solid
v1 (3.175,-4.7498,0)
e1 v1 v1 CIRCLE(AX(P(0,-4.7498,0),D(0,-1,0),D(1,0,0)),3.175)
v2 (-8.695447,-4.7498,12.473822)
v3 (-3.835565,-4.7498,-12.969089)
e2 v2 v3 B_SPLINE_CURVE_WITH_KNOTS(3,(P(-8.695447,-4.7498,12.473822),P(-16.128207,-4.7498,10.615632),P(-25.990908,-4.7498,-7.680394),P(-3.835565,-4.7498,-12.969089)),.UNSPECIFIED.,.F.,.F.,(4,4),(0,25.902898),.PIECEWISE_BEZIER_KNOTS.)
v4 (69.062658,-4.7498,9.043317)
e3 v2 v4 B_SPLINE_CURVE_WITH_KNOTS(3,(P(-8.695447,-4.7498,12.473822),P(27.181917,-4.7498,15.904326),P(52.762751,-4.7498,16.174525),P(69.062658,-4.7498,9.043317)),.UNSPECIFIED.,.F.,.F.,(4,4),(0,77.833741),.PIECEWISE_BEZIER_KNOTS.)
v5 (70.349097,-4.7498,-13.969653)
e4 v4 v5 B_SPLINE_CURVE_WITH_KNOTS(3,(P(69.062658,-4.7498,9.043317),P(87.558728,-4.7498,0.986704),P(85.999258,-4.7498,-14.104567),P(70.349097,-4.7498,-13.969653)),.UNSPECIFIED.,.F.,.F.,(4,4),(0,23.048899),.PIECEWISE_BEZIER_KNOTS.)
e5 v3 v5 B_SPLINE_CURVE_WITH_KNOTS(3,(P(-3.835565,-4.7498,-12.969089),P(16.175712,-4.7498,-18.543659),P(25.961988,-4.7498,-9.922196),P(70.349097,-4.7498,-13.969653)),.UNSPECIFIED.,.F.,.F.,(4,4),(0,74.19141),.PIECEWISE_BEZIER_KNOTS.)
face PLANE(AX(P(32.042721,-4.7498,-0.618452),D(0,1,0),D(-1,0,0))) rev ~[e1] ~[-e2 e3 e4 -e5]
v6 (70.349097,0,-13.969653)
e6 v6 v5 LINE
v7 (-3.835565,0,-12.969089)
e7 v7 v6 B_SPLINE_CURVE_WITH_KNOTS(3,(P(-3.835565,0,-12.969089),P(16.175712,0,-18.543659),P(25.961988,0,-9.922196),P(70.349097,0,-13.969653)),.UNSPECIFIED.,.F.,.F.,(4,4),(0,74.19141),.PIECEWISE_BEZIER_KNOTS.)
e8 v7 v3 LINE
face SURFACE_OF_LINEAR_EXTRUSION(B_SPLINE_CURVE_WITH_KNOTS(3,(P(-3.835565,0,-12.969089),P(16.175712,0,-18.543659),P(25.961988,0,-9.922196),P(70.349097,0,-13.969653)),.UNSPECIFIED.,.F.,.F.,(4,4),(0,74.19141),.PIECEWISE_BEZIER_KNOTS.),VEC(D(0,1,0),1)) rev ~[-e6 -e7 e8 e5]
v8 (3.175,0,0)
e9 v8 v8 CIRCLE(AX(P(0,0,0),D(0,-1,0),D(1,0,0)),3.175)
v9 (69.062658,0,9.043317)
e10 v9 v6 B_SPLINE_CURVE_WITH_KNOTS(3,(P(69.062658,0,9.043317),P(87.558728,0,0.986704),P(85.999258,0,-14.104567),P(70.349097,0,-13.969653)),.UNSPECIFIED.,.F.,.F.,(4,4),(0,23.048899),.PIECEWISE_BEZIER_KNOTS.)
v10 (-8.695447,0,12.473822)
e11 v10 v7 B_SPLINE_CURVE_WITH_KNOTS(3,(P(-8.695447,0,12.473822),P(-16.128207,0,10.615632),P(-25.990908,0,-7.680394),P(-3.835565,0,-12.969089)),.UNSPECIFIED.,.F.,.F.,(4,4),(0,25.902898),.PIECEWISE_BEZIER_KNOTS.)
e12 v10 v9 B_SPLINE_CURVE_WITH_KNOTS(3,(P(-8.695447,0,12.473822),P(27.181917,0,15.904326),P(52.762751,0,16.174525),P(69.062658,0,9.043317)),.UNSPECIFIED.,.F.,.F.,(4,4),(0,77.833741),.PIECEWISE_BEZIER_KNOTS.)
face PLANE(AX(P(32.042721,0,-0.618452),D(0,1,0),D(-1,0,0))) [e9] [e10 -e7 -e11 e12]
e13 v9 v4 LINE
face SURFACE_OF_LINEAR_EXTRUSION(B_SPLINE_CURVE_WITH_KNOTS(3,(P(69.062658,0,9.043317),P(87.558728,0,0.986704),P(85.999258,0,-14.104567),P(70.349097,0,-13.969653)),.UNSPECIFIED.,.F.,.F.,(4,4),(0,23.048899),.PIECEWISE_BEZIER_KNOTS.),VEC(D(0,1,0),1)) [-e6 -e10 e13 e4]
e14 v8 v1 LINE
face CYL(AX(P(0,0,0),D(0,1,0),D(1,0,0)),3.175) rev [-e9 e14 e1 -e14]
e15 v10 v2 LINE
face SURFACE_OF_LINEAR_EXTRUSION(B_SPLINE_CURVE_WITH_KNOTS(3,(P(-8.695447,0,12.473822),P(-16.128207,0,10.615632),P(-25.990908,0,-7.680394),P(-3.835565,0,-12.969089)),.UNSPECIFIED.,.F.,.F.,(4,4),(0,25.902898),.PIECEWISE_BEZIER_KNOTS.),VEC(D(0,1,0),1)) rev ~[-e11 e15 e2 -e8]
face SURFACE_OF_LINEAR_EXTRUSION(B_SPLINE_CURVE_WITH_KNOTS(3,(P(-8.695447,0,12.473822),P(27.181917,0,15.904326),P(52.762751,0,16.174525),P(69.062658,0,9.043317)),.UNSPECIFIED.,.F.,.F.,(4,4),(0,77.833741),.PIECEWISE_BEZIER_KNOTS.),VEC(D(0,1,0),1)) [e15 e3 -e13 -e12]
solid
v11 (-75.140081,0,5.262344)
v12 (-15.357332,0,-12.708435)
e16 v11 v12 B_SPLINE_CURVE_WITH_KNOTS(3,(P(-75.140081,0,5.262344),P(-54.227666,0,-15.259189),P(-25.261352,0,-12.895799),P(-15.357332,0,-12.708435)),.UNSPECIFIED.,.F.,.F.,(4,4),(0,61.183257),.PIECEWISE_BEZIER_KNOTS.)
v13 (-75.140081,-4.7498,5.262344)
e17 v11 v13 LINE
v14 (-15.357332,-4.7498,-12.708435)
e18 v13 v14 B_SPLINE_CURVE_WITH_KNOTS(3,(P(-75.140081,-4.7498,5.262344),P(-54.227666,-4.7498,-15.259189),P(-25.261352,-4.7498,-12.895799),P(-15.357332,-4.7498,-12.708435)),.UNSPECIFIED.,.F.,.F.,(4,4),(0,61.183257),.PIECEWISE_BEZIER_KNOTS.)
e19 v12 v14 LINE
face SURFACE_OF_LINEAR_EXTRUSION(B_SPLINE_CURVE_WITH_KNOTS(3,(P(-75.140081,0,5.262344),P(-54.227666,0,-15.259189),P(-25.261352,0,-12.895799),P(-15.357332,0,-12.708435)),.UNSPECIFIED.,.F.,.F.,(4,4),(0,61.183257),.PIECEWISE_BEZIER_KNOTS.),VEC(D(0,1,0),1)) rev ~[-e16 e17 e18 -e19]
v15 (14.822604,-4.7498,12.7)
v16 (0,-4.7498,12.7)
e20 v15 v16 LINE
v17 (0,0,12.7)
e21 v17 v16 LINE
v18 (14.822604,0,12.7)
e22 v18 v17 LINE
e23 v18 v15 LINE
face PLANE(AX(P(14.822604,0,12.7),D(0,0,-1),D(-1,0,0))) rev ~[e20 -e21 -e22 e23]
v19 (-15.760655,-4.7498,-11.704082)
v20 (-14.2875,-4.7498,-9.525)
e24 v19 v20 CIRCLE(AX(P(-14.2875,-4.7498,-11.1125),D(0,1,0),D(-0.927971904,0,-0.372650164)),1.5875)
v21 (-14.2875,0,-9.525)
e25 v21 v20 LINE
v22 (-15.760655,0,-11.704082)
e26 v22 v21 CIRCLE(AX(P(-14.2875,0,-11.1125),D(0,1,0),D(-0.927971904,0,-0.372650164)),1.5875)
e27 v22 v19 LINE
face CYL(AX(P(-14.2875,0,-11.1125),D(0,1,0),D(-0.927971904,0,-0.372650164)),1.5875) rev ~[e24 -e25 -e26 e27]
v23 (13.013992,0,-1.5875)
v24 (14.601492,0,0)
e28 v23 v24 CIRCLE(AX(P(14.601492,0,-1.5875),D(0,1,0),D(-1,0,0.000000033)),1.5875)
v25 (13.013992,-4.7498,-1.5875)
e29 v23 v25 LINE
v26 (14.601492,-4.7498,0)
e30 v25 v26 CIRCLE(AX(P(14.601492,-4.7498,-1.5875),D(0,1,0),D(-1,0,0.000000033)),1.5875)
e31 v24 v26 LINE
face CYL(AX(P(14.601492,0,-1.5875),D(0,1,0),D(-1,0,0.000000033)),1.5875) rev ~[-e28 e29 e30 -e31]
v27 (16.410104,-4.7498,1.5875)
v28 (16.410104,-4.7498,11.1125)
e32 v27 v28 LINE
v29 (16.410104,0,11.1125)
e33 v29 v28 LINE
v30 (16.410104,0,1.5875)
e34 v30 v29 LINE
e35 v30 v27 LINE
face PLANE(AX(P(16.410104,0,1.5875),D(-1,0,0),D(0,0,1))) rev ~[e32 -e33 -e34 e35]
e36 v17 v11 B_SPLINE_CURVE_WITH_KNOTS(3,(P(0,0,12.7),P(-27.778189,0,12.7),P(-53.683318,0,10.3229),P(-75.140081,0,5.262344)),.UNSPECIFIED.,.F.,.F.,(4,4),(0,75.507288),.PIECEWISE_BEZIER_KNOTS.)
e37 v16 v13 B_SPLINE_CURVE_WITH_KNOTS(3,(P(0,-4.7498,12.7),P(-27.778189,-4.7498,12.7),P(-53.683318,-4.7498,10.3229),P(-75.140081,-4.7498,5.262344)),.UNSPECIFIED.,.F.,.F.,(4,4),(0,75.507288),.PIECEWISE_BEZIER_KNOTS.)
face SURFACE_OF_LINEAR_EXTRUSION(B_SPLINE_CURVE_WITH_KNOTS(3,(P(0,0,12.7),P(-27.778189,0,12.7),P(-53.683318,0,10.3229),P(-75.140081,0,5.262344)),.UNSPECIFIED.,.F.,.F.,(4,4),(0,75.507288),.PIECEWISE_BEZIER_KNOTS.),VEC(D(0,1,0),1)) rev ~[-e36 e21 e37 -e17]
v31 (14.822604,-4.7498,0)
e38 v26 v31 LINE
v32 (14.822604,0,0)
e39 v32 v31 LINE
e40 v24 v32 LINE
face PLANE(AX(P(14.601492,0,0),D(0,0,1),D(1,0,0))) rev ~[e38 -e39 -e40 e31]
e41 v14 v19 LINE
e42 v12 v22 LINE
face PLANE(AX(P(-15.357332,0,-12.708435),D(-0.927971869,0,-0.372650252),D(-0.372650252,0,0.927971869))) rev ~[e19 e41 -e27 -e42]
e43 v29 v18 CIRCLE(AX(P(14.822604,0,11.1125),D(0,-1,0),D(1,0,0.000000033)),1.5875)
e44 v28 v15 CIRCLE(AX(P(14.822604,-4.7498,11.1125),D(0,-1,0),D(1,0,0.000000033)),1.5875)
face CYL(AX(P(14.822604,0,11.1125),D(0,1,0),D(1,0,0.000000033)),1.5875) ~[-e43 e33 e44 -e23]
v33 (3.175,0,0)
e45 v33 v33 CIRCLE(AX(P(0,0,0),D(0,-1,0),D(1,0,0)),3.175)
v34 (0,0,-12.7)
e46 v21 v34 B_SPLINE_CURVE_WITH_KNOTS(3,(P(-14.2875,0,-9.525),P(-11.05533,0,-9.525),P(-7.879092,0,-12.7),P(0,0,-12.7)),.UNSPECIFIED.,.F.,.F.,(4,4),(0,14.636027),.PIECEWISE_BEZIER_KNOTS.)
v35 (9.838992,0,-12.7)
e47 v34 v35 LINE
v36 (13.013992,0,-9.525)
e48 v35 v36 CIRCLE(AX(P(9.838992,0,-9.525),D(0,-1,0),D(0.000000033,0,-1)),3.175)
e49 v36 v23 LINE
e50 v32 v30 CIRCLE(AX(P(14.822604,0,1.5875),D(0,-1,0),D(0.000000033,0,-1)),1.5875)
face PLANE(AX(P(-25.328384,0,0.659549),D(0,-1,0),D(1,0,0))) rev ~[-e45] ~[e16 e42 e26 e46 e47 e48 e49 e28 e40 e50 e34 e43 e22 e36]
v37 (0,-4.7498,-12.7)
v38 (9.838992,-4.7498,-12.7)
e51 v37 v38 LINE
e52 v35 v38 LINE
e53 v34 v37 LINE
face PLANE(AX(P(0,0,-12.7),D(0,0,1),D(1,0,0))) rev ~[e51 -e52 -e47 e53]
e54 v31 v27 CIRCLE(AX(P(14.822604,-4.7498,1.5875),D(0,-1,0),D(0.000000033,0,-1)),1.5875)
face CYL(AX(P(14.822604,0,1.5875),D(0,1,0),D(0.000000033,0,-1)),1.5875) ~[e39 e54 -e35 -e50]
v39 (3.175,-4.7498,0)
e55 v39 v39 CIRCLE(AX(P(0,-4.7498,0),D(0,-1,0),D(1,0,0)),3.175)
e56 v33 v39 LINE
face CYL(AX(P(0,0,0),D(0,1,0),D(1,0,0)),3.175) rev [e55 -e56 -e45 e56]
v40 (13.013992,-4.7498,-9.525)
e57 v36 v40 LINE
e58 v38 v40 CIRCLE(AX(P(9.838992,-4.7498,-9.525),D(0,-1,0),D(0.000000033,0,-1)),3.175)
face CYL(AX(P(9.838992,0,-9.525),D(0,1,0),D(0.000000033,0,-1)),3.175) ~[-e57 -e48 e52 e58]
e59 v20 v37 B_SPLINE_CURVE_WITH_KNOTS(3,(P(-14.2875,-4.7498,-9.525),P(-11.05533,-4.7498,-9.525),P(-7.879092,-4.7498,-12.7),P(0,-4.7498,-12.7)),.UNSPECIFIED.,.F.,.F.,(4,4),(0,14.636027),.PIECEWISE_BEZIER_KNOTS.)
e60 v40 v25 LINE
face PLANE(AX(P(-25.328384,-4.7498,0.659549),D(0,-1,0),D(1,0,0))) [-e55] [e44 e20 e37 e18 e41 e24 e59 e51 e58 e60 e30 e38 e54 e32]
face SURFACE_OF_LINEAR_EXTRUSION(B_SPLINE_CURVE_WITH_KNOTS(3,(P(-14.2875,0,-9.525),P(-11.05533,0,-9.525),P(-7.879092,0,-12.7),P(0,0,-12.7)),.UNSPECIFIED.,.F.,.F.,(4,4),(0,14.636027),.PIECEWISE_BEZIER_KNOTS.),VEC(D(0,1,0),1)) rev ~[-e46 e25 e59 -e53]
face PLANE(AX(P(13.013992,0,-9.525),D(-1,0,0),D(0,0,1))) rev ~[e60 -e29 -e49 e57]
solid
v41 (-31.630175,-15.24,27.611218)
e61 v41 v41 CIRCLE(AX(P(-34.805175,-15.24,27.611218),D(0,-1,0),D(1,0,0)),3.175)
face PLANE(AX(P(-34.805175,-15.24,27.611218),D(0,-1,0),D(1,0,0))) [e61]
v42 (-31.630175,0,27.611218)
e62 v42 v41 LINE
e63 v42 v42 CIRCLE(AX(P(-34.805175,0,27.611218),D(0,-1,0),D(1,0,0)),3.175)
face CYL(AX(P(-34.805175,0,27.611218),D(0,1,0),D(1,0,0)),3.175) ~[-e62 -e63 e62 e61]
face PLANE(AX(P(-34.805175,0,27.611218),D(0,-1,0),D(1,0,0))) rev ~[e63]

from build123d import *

# Parameters (mm, degrees)
F0_R     = 3.175
F1_DEPTH = 4.7498
F2_R     = 3.175
F3_DEPTH = 4.7498
F4_R     = 3.175
F5_DEPTH = 15.24


with BuildPart() as f1:
    # F0 (on Front) → F1 (new body)
    with BuildSketch(Plane.XZ):
        with BuildLine():
            add(Edge.make_bspline(
                [(0, 12.7), (-27.778189, 12.7), (-53.683318, 10.3229), (-75.140081, 5.262344)],
                knots=[0, 0, 0, 0, 75.507288, 75.507288, 75.507288, 75.507288], degree=3))
            add(Edge.make_bspline(
                [(-75.140081, 5.262344), (-54.227666, -15.259189), (-25.261352, -12.895799), (-15.357332, -12.708435)],
                knots=[0, 0, 0, 0, 61.183257, 61.183257, 61.183257, 61.183257], degree=3))
            Line((-15.357332, -12.708435), (-15.760655, -11.704082))
            ThreePointArc((-15.760655, -11.704082), (-15.60266, -10.223394), (-14.2875, -9.525))
            add(Edge.make_bspline(
                [(-14.2875, -9.525), (-11.05533, -9.525), (-7.879092, -12.7), (0, -12.7)],
                knots=[0, 0, 0, 0, 14.636027, 14.636027, 14.636027, 14.636027], degree=3))
            Line((0, -12.7), (9.838992, -12.7))
            ThreePointArc((9.838992, -12.7), (12.084056, -11.770064), (13.013992, -9.525))
            Line((13.013992, -9.525), (13.013992, -1.5875))
            ThreePointArc((13.013992, -1.5875), (13.47896, -0.464968), (14.601492, 0))
            Line((14.601492, 0), (14.822604, 0))
            ThreePointArc((14.822604, 0), (15.945136, 0.464968), (16.410104, 1.5875))
            Line((16.410104, 1.5875), (16.410104, 11.1125))
            ThreePointArc((16.410104, 11.1125), (15.945136, 12.235032), (14.822604, 12.7))
            Line((14.822604, 12.7), (0, 12.7))
        make_face()
        Circle(F0_R, mode=Mode.SUBTRACT)
    extrude(amount=F1_DEPTH)


with BuildPart() as f3:
    # F2 (on Front) → F3 (new body)
    with BuildSketch(Plane.XZ):
        with BuildLine():
            add(Edge.make_bspline(
                [(-8.695447, 12.473822), (27.181917, 15.904326), (52.762751, 16.174525), (69.062658, 9.043317)],
                knots=[0, 0, 0, 0, 77.833741, 77.833741, 77.833741, 77.833741], degree=3))
            add(Edge.make_bspline(
                [(-8.695447, 12.473822), (-16.128207, 10.615632), (-25.990908, -7.680394), (-3.835565, -12.969089)],
                knots=[0, 0, 0, 0, 25.902898, 25.902898, 25.902898, 25.902898], degree=3))
            add(Edge.make_bspline(
                [(-3.835565, -12.969089), (16.175712, -18.543659), (25.961988, -9.922196), (70.349097, -13.969653)],
                knots=[0, 0, 0, 0, 74.19141, 74.19141, 74.19141, 74.19141], degree=3))
            add(Edge.make_bspline(
                [(69.062658, 9.043317), (87.558728, 0.986704), (85.999258, -14.104567), (70.349097, -13.969653)],
                knots=[0, 0, 0, 0, 23.048899, 23.048899, 23.048899, 23.048899], degree=3))
        make_face()
        Circle(F2_R, mode=Mode.SUBTRACT)
    extrude(amount=F3_DEPTH)


with BuildPart() as f5:
    # F4 (on Front) → F5 (new body)
    with BuildSketch(Plane.XZ):
        with Locations((-34.805175, 27.611218)):
            Circle(F4_R)
    extrude(amount=F5_DEPTH)


solid = Compound([f1.part, f3.part, f5.part])
